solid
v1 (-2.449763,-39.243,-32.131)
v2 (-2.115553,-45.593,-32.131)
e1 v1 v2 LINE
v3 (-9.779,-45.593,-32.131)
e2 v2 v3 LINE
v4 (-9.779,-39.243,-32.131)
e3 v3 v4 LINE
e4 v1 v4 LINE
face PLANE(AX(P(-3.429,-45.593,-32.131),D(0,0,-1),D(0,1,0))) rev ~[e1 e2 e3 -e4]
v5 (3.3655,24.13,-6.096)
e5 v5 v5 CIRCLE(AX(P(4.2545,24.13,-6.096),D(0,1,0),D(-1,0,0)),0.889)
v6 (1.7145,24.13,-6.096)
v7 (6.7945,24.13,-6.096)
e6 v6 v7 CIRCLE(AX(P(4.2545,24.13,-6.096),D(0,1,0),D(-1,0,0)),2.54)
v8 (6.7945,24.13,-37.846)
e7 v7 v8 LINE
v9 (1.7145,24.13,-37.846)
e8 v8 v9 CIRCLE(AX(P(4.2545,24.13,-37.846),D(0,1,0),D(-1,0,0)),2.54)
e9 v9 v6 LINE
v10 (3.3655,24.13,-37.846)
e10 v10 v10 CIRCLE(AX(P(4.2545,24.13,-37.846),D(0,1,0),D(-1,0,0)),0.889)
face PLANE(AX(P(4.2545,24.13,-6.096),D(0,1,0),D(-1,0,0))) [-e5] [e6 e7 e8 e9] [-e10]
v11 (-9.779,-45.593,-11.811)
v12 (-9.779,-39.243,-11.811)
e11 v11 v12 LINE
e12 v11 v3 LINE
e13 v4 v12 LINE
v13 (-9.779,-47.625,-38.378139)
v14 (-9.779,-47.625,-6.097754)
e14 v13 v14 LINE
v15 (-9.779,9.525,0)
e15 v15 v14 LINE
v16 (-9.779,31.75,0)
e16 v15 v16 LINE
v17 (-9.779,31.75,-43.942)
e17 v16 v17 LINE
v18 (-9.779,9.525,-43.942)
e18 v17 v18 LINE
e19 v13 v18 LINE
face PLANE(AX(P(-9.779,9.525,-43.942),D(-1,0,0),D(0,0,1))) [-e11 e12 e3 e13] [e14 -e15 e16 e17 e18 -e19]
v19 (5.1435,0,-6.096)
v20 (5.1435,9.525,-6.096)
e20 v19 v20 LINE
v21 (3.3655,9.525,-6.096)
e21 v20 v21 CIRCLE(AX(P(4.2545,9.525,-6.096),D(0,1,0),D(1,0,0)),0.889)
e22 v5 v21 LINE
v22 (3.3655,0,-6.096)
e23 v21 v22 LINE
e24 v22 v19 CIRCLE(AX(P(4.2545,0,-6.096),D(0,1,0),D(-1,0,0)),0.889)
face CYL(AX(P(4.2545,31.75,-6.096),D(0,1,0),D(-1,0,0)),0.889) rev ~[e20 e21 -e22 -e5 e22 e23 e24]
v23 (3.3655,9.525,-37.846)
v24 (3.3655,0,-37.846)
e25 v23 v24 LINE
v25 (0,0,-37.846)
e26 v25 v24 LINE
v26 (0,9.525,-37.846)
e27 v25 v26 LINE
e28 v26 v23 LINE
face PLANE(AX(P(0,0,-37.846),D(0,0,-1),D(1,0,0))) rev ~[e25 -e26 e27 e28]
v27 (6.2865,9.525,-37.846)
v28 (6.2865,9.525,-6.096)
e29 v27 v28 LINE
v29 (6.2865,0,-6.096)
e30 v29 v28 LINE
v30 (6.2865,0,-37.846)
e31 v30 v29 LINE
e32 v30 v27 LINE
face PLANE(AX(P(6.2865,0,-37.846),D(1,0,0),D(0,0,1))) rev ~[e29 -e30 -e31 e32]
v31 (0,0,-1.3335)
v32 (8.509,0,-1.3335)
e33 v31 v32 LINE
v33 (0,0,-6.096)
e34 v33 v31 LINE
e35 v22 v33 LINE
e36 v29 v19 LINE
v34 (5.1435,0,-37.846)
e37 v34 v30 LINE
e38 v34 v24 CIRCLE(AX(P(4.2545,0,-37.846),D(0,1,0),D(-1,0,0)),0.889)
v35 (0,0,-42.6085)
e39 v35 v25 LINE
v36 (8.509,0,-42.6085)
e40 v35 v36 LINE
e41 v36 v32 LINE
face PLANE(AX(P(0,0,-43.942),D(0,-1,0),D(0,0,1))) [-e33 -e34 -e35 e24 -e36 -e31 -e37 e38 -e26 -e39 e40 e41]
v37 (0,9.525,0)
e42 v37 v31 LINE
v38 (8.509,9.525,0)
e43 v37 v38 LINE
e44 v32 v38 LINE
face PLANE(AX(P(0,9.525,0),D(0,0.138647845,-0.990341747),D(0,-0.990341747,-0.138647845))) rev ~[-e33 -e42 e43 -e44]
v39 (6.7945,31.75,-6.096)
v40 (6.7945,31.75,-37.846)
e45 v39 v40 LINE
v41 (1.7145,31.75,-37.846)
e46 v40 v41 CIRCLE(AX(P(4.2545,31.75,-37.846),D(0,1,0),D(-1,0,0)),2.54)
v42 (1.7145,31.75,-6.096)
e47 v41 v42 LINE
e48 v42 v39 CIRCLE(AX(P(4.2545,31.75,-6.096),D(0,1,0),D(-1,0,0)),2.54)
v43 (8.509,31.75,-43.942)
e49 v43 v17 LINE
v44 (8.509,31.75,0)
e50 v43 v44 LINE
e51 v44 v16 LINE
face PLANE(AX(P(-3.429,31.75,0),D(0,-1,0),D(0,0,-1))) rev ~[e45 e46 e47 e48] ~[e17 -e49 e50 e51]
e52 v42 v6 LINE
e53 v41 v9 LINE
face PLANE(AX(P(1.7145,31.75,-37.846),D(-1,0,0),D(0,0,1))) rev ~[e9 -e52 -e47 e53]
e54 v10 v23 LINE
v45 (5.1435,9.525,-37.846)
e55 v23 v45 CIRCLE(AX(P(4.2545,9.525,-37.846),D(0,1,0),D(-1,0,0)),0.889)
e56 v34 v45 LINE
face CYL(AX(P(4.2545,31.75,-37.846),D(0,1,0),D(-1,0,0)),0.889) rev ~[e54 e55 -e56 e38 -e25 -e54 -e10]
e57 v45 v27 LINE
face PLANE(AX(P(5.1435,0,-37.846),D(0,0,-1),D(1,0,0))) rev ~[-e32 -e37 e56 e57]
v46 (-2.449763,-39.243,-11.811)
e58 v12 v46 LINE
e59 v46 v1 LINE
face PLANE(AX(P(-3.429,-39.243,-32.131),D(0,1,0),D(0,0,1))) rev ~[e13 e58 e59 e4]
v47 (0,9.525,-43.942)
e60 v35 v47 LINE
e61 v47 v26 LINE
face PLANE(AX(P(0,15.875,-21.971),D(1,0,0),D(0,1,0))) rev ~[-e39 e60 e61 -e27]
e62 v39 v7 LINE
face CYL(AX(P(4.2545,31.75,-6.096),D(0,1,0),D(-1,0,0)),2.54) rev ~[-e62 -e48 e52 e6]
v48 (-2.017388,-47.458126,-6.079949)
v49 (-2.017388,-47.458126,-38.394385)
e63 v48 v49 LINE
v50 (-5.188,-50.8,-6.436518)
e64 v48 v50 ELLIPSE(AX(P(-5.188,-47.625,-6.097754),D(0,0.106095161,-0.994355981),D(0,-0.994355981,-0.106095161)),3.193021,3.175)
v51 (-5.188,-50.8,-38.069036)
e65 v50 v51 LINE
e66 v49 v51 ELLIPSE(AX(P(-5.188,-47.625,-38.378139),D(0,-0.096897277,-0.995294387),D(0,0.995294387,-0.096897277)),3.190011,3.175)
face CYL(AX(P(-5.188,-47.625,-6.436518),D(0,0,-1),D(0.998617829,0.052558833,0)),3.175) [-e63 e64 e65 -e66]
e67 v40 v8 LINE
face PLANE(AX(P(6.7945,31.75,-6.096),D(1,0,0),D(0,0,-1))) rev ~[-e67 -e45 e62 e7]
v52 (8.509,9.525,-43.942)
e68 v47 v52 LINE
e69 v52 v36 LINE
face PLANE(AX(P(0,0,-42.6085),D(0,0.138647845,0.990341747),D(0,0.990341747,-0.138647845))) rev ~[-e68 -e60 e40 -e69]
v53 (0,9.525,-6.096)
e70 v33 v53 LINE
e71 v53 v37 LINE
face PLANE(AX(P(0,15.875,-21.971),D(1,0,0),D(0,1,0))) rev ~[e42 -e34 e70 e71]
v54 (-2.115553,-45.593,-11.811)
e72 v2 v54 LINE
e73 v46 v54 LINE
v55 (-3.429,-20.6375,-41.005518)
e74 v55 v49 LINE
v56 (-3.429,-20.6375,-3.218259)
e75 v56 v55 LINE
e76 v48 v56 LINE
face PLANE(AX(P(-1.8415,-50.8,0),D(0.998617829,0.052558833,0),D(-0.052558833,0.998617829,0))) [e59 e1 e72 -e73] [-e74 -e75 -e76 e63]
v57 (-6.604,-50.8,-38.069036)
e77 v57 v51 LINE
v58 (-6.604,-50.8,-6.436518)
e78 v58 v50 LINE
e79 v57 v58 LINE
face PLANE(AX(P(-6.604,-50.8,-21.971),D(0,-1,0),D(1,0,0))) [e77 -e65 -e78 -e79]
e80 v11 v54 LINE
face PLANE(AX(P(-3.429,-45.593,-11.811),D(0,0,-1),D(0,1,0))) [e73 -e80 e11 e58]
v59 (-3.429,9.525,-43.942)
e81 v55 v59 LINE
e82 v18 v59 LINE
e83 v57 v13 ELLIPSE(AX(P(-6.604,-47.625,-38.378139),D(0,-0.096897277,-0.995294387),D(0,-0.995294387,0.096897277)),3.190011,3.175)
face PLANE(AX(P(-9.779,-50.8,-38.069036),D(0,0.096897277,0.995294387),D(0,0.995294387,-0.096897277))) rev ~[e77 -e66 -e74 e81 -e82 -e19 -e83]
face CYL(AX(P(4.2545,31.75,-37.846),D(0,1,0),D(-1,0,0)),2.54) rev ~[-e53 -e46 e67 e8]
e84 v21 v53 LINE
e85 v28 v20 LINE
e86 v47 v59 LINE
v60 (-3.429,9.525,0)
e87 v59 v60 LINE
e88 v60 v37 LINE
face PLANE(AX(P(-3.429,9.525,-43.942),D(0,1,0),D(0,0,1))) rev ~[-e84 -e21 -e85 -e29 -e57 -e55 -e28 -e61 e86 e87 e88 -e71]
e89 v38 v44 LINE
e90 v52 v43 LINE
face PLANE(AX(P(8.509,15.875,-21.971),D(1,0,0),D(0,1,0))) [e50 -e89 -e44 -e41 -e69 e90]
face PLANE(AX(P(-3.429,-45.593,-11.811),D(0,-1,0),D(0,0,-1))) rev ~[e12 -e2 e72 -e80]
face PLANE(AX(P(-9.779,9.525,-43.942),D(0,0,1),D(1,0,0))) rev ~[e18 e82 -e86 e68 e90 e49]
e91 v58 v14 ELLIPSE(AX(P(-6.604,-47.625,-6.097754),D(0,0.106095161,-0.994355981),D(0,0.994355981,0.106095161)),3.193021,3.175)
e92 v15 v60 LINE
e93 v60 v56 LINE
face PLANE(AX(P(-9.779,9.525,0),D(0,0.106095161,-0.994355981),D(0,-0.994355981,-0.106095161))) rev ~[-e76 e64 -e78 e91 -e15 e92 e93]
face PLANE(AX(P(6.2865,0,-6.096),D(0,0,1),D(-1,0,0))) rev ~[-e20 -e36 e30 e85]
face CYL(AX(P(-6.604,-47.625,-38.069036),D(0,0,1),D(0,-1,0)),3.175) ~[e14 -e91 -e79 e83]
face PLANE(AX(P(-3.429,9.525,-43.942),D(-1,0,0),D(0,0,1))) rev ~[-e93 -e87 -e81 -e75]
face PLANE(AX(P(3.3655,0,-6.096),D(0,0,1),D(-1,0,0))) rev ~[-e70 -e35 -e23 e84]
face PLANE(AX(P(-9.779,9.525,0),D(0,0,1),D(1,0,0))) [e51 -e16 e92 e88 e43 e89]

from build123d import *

# Parameters (mm, degrees)
F0_W      = 31.75
F0_H      = 43.942
F1_DEPTH  = 8.509
F3_DEPTH  = 25.4
F4_R      = 0.889
F5_DEPTH  = 31.75
F7_DEPTH  = 9.525
F9_DEPTH  = 3.429
F10_DEPTH = 6.35
F11_W     = 6.35
F11_H     = 43.942
F12_DEPTH = 60.325
F13_W     = 6.35
F13_H     = 10.16
F14_DEPTH = 6.35
F16_DEPTH = 43.942
F17_DEPTH = 25.4
F19_DEPTH = 9.525
F20_R     = 3.175
F21_R     = 3.175
F22_R     = 0.889
F23_DEPTH = 7.62


with BuildPart() as f1:
    # F0 (on Right) → F1 (new body)
    with BuildSketch(Plane.YZ):
        with Locations((15.875, -21.971)):
            Rectangle(F0_W, F0_H)
    extrude(amount=F1_DEPTH)

    # F2 (on face) → F3 (cut)
    with BuildSketch(Plane(origin=(0, 0, 0), x_dir=(0, -1, 0), z_dir=(-1, 0, 0))):
        Polygon((0, 0), (-9.525, 0), (0, -1.3335), align=None)
        Polygon((0, -43.942), (0, -42.6085), (-9.525, -43.942), align=None)
    extrude(amount=-F3_DEPTH, mode=Mode.SUBTRACT)

    # F4 (on face) → F5 (cut)
    with BuildSketch(Plane(origin=(0, 31.75, 0), x_dir=(-1, 0, 0), z_dir=(0, 1, 0))):
        with Locations((-4.2545, -37.846)):
            Circle(F4_R)
        with Locations((-4.2545, -6.096)):
            Circle(F4_R)
    extrude(amount=-F5_DEPTH, mode=Mode.SUBTRACT)

    # F6 (on face) → F7 (cut)
    with BuildSketch(Plane.XZ):
        with BuildLine():
            Line((0, -37.846), (3.3655, -37.846))
            ThreePointArc((3.3655, -37.846), (4.2545, -36.957), (5.1435, -37.846))
            Line((5.1435, -37.846), (6.2865, -37.846))
            Line((6.2865, -37.846), (6.2865, -21.971))
            Line((6.2865, -21.971), (6.2865, -6.096))
            Line((6.2865, -6.096), (5.1435, -6.096))
            ThreePointArc((5.1435, -6.096), (4.2545, -6.985), (3.3655, -6.096))
            Line((3.3655, -6.096), (0, -6.096))
            Line((0, -6.096), (0, -37.846))
        make_face()
    extrude(amount=-F7_DEPTH, mode=Mode.SUBTRACT)

    # F8 (on face) → F9 (join)
    with BuildSketch(Plane(origin=(0, 0, 0), x_dir=(0, -1, 0), z_dir=(-1, 0, 0))):
        Polygon((-9.525, -37.846), (-9.525, -6.096), (-9.525, 0), (-31.75, 0), (-31.75, -43.942), (-9.525, -43.942), align=None)
    extrude(amount=F9_DEPTH)

    # F10 (add): a face of the model
    f10_faces = [f1.faces().sort_by_distance(p)[0] for p in [
        (-3.429, 20.6375, -21.971),
    ]]
    extrude(f10_faces, amount=F10_DEPTH)

    # F11 (on face) → F12 (join)
    with BuildSketch(Plane.XZ.offset(-9.525)):
        with Locations((-6.604, -21.971)):
            Rectangle(F11_W, F11_H)
    extrude(amount=F12_DEPTH)

    # F13 (on face) → F14 (cut)
    with BuildSketch(Plane.YZ.offset(-3.429)):
        with Locations((-42.418, -27.051)):
            Rectangle(F13_W, F13_H)
        with Locations((-42.418, -16.891)):
            Rectangle(F13_W, F13_H)
    extrude(amount=-F14_DEPTH, mode=Mode.SUBTRACT)

    # F15 (on face) → F16 (join, through all)
    with BuildSketch(Plane.XY):
        Polygon((-3.429, -20.6375), (-3.429, -50.8), (-1.8415, -50.8), align=None)
    extrude(amount=-F16_DEPTH)

    # F17 (cut): a face of the model
    f17_faces = [f1.faces().sort_by_distance(p)[0] for p in [
        (-3.429, -42.418, -21.971),
    ]]
    extrude(f17_faces, amount=-F17_DEPTH, mode=Mode.SUBTRACT)

    # F18 (on face) → F19 (cut)
    with BuildSketch(Plane(origin=(-9.779, 0, 0), x_dir=(0, -1, 0), z_dir=(-1, 0, 0))):
        Polygon((-9.525, 0), (50.8, -6.4365183935), (50.8, 0), align=None)
        Polygon((50.8, -43.942), (50.8, -38.0690358579), (-9.525, -43.942), align=None)
    extrude(amount=-F19_DEPTH, mode=Mode.SUBTRACT)

    # F20
    f20_edges = [f1.edges().sort_by_distance(p)[0] for p in [
        (-1.8415, -50.8, -22.252777),
    ]]
    fillet(f20_edges, radius=F20_R)

    # F21
    f21_edges = [f1.edges().sort_by_distance(p)[0] for p in [
        (-9.779, -50.8, -22.252777),
    ]]
    fillet(f21_edges, radius=F21_R)

    # F22 (on face) → F23 (cut)
    with BuildSketch(Plane(origin=(0, 31.75, 0), x_dir=(-1, 0, 0), z_dir=(0, 1, 0))):
        with BuildLine():
            ThreePointArc((-6.7945, -6.096), (-4.2545, -8.636), (-1.7145, -6.096))
            ThreePointArc((-1.7145, -6.096), (-4.2545, -3.556), (-6.7945, -6.096))
        make_face()
        with Locations((-4.2545, -6.096)):
            Circle(F22_R, mode=Mode.SUBTRACT)
        with BuildLine():
            Line((-1.7145, -37.846), (-1.7145, -6.096))
            ThreePointArc((-1.7145, -6.096), (-4.2545, -8.636), (-6.7945, -6.096))
            Line((-6.7945, -6.096), (-6.7945, -37.846))
            ThreePointArc((-6.7945, -37.846), (-4.2545, -35.306), (-1.7145, -37.846))
        make_face()
        with BuildLine():
            ThreePointArc((-6.7945, -37.846), (-4.2545, -40.386), (-1.7145, -37.846))
            ThreePointArc((-1.7145, -37.846), (-4.2545, -35.306), (-6.7945, -37.846))
        make_face()
        with Locations((-4.2545, -37.846)):
            Circle(F22_R, mode=Mode.SUBTRACT)
    extrude(amount=-F23_DEPTH, mode=Mode.SUBTRACT)


solid = f1.part
